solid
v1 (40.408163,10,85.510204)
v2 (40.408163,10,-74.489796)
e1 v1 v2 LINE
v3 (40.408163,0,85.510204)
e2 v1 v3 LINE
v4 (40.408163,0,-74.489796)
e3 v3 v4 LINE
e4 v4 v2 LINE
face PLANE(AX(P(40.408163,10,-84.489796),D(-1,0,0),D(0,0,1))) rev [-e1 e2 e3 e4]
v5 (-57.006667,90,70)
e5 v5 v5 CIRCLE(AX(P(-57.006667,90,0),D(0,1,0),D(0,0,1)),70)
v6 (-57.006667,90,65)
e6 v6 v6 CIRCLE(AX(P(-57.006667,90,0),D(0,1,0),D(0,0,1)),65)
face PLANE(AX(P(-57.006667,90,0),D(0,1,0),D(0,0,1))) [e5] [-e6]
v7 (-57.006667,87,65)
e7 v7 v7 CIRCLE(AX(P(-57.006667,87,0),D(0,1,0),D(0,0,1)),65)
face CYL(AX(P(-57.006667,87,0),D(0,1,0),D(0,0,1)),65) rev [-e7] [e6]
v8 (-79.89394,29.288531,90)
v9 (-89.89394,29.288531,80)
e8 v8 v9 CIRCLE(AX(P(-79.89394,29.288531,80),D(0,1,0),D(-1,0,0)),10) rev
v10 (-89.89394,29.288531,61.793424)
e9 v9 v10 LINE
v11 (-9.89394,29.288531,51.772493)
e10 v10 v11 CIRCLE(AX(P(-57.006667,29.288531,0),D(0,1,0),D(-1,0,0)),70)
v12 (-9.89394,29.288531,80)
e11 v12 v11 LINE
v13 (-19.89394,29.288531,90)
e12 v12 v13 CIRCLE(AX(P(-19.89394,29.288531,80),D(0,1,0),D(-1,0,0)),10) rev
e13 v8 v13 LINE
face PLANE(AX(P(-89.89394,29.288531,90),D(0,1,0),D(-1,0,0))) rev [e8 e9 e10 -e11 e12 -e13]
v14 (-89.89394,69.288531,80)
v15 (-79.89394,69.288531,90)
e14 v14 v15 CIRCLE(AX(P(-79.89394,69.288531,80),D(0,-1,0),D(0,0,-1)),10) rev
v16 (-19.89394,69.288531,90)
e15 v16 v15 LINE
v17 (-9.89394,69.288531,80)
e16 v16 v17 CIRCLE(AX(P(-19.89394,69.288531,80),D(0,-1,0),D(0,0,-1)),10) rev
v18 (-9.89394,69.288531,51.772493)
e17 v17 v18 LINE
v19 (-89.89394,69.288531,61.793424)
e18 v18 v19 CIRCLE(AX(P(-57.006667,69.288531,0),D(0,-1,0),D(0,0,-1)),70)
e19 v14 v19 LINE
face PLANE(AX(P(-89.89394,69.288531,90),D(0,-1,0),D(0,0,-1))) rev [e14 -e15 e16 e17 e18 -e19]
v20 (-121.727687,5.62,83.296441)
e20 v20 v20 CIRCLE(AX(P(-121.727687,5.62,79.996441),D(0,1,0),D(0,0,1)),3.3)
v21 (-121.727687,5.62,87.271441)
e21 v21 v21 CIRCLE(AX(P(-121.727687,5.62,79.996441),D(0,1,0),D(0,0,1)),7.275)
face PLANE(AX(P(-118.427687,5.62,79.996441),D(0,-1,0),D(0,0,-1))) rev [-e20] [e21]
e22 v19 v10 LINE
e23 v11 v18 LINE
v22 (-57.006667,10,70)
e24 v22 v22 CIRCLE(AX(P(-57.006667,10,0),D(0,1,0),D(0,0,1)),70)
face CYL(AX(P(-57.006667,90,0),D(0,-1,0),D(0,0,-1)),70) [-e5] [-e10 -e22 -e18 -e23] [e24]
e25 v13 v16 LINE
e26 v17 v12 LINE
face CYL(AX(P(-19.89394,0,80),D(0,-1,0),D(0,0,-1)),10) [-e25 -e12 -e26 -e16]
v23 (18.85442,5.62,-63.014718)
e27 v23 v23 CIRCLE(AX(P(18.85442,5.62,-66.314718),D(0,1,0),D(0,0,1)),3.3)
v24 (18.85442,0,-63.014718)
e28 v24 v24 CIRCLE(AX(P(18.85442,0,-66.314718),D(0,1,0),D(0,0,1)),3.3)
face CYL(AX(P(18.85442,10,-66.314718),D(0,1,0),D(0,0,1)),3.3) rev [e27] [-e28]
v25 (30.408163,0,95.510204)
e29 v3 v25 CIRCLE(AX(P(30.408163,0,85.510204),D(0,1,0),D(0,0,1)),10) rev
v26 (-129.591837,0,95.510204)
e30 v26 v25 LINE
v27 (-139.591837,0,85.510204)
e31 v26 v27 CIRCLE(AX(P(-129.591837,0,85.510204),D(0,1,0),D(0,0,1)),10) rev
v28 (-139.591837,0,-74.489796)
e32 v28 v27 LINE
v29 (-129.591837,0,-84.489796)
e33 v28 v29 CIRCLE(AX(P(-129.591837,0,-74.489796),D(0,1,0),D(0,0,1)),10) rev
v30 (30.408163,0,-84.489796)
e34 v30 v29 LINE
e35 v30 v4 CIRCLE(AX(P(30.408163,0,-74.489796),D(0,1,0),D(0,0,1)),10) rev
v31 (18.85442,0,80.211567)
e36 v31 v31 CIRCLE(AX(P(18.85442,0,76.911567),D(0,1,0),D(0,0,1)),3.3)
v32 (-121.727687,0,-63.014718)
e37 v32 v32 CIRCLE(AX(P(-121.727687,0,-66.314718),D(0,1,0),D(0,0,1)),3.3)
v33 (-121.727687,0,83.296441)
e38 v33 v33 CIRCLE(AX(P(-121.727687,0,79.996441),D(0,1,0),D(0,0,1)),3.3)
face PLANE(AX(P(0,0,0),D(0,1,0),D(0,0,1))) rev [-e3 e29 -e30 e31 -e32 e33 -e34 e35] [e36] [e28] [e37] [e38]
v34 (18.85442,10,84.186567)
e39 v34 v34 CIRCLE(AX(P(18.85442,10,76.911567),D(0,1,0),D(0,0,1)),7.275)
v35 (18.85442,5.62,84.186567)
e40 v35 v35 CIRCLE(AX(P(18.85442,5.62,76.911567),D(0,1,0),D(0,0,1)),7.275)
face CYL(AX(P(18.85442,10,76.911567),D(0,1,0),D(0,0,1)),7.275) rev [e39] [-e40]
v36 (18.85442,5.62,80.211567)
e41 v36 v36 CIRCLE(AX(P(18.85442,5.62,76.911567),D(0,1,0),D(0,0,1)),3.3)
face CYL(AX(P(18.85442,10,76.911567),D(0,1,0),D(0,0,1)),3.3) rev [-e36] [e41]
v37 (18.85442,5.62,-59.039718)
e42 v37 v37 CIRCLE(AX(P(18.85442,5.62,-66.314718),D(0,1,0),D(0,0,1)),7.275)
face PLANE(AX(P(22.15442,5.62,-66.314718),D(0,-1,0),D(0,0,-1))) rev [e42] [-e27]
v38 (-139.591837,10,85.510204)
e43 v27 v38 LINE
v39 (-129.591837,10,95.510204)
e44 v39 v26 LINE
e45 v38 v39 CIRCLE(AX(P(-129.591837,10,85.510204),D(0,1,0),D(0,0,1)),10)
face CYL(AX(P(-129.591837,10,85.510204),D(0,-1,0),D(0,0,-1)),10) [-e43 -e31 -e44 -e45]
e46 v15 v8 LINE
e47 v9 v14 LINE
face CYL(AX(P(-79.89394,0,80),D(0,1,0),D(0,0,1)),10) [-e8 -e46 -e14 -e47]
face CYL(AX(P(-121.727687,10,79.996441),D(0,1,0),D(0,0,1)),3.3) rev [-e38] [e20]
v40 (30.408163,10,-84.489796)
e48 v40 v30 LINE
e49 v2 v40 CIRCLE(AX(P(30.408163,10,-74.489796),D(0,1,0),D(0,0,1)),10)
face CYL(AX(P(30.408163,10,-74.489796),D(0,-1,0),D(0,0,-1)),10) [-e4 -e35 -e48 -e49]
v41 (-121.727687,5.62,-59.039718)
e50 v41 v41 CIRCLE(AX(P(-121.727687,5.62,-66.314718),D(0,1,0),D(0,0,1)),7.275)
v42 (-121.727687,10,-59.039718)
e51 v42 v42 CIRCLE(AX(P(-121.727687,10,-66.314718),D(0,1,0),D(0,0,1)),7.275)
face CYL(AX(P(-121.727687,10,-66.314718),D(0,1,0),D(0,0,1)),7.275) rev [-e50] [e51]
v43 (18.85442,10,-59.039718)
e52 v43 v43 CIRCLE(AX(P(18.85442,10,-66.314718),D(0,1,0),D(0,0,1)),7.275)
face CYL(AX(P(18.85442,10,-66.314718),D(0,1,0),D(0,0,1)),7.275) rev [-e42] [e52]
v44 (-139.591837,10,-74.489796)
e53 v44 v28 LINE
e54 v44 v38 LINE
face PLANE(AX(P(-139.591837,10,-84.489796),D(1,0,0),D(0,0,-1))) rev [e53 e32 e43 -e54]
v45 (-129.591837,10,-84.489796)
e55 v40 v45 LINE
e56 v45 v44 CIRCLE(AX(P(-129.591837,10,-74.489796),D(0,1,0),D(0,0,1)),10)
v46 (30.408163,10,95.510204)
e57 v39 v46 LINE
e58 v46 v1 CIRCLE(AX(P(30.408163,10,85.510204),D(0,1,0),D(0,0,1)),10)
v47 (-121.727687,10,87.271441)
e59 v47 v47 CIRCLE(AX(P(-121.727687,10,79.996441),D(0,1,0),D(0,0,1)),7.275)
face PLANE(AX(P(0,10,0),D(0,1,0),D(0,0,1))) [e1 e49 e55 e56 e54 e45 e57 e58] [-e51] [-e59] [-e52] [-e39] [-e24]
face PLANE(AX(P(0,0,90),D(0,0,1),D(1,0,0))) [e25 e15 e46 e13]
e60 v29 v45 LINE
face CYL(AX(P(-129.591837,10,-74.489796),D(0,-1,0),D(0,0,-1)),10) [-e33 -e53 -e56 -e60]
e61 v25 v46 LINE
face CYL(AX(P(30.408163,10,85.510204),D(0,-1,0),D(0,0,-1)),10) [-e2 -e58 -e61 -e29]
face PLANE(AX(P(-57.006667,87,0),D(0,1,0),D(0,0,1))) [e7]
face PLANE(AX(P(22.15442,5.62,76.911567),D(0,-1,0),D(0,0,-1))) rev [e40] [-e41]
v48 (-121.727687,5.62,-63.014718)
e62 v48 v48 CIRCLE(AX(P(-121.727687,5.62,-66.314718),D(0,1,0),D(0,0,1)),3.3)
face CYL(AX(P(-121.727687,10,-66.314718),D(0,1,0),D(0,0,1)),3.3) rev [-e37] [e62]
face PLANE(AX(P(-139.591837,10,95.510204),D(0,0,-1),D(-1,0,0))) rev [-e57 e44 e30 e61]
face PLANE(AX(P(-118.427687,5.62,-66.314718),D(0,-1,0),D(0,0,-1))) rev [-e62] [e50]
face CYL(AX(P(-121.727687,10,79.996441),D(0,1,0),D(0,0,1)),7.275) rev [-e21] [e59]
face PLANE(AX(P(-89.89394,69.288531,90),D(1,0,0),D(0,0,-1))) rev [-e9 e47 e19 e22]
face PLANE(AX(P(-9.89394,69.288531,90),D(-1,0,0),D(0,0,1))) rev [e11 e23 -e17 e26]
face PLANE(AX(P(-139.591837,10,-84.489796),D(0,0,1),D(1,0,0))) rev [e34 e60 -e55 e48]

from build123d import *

# Parameters (mm, degrees)
SKETCH1_W                               = 180
SKETCH1_H                               = 180
BOSS_EXTRUDE1_DEPTH                     = 10
SKETCH2_R                               = 70
BOSS_EXTRUDE2_DEPTH                     = 80
SKETCH3_W                               = 80
SKETCH3_H                               = 40
BOSS_EXTRUDE3_DEPTH                     = 90
SKETCH4_R                               = 65
CUT_EXTRUDE1_DEPTH                      = 3
CBORE_FOR_M6_HEX_HEAD_BOLT1_D           = 6.6
CBORE_FOR_M6_HEX_HEAD_BOLT1_CBORE_D     = 14.55
CBORE_FOR_M6_HEX_HEAD_BOLT1_CBORE_DEPTH = 4.38
FILLET1_R                               = 10


with BuildPart() as part:
    # Sketch1 → Boss-Extrude1 (new body)
    with BuildSketch(Plane(origin=(0, 0, 0), x_dir=(1, 0, 0), z_dir=(0, 1, 0))):
        with Locations((-49.591836735, -5.510204082)):
            Rectangle(SKETCH1_W, SKETCH1_H)
    extrude(amount=BOSS_EXTRUDE1_DEPTH)

    # Sketch2 → Boss-Extrude2 (add)
    with BuildSketch(Plane(origin=(0, 10, 0), x_dir=(1, 0, 0), z_dir=(0, 1, 0))):
        with Locations((-57.006666854, 0)):
            Circle(SKETCH2_R)
    extrude(amount=BOSS_EXTRUDE2_DEPTH)

    # Sketch3 → Boss-Extrude3 (add)
    with BuildSketch(Plane.XY):
        with Locations((-49.893940427, 49.288531055)):
            Rectangle(SKETCH3_W, SKETCH3_H)
    extrude(amount=BOSS_EXTRUDE3_DEPTH)

    # Sketch4 → Cut-Extrude1 (cut)
    with BuildSketch(Plane(origin=(0, 90, 0), x_dir=(1, 0, 0), z_dir=(0, 1, 0))):
        with Locations((-57.006666854, 0)):
            Circle(SKETCH4_R)
    extrude(amount=-CUT_EXTRUDE1_DEPTH, mode=Mode.SUBTRACT)

    # CBORE for M6 Hex Head Bolt1 (through all)
    with Locations(Plane(origin=(0, 10, 0), x_dir=(1, 0, 0), z_dir=(0, 1, 0))):
        with Locations((-121.727687168, 66.314718067), (18.854420034, 66.314718067), (18.854420034, -76.9115667), (-121.727687168, -79.996440525)):
            CounterBoreHole(CBORE_FOR_M6_HEX_HEAD_BOLT1_D / 2, CBORE_FOR_M6_HEX_HEAD_BOLT1_CBORE_D / 2, CBORE_FOR_M6_HEX_HEAD_BOLT1_CBORE_DEPTH)

    # Fillet1
    fillet1_edges = [part.edges().sort_by_distance(p)[0] for p in [
        (-89.893940427, 49.288531055, 90),
        (-9.893940427, 49.288531055, 90),
        (-139.591836735, 5, -84.489795918),
        (40.408163265, 5, -84.489795918),
        (40.408163265, 5, 95.510204082),
        (-139.591836735, 5, 95.510204082),
    ]]
    fillet(fillet1_edges, radius=FILLET1_R)


solid = part.part
